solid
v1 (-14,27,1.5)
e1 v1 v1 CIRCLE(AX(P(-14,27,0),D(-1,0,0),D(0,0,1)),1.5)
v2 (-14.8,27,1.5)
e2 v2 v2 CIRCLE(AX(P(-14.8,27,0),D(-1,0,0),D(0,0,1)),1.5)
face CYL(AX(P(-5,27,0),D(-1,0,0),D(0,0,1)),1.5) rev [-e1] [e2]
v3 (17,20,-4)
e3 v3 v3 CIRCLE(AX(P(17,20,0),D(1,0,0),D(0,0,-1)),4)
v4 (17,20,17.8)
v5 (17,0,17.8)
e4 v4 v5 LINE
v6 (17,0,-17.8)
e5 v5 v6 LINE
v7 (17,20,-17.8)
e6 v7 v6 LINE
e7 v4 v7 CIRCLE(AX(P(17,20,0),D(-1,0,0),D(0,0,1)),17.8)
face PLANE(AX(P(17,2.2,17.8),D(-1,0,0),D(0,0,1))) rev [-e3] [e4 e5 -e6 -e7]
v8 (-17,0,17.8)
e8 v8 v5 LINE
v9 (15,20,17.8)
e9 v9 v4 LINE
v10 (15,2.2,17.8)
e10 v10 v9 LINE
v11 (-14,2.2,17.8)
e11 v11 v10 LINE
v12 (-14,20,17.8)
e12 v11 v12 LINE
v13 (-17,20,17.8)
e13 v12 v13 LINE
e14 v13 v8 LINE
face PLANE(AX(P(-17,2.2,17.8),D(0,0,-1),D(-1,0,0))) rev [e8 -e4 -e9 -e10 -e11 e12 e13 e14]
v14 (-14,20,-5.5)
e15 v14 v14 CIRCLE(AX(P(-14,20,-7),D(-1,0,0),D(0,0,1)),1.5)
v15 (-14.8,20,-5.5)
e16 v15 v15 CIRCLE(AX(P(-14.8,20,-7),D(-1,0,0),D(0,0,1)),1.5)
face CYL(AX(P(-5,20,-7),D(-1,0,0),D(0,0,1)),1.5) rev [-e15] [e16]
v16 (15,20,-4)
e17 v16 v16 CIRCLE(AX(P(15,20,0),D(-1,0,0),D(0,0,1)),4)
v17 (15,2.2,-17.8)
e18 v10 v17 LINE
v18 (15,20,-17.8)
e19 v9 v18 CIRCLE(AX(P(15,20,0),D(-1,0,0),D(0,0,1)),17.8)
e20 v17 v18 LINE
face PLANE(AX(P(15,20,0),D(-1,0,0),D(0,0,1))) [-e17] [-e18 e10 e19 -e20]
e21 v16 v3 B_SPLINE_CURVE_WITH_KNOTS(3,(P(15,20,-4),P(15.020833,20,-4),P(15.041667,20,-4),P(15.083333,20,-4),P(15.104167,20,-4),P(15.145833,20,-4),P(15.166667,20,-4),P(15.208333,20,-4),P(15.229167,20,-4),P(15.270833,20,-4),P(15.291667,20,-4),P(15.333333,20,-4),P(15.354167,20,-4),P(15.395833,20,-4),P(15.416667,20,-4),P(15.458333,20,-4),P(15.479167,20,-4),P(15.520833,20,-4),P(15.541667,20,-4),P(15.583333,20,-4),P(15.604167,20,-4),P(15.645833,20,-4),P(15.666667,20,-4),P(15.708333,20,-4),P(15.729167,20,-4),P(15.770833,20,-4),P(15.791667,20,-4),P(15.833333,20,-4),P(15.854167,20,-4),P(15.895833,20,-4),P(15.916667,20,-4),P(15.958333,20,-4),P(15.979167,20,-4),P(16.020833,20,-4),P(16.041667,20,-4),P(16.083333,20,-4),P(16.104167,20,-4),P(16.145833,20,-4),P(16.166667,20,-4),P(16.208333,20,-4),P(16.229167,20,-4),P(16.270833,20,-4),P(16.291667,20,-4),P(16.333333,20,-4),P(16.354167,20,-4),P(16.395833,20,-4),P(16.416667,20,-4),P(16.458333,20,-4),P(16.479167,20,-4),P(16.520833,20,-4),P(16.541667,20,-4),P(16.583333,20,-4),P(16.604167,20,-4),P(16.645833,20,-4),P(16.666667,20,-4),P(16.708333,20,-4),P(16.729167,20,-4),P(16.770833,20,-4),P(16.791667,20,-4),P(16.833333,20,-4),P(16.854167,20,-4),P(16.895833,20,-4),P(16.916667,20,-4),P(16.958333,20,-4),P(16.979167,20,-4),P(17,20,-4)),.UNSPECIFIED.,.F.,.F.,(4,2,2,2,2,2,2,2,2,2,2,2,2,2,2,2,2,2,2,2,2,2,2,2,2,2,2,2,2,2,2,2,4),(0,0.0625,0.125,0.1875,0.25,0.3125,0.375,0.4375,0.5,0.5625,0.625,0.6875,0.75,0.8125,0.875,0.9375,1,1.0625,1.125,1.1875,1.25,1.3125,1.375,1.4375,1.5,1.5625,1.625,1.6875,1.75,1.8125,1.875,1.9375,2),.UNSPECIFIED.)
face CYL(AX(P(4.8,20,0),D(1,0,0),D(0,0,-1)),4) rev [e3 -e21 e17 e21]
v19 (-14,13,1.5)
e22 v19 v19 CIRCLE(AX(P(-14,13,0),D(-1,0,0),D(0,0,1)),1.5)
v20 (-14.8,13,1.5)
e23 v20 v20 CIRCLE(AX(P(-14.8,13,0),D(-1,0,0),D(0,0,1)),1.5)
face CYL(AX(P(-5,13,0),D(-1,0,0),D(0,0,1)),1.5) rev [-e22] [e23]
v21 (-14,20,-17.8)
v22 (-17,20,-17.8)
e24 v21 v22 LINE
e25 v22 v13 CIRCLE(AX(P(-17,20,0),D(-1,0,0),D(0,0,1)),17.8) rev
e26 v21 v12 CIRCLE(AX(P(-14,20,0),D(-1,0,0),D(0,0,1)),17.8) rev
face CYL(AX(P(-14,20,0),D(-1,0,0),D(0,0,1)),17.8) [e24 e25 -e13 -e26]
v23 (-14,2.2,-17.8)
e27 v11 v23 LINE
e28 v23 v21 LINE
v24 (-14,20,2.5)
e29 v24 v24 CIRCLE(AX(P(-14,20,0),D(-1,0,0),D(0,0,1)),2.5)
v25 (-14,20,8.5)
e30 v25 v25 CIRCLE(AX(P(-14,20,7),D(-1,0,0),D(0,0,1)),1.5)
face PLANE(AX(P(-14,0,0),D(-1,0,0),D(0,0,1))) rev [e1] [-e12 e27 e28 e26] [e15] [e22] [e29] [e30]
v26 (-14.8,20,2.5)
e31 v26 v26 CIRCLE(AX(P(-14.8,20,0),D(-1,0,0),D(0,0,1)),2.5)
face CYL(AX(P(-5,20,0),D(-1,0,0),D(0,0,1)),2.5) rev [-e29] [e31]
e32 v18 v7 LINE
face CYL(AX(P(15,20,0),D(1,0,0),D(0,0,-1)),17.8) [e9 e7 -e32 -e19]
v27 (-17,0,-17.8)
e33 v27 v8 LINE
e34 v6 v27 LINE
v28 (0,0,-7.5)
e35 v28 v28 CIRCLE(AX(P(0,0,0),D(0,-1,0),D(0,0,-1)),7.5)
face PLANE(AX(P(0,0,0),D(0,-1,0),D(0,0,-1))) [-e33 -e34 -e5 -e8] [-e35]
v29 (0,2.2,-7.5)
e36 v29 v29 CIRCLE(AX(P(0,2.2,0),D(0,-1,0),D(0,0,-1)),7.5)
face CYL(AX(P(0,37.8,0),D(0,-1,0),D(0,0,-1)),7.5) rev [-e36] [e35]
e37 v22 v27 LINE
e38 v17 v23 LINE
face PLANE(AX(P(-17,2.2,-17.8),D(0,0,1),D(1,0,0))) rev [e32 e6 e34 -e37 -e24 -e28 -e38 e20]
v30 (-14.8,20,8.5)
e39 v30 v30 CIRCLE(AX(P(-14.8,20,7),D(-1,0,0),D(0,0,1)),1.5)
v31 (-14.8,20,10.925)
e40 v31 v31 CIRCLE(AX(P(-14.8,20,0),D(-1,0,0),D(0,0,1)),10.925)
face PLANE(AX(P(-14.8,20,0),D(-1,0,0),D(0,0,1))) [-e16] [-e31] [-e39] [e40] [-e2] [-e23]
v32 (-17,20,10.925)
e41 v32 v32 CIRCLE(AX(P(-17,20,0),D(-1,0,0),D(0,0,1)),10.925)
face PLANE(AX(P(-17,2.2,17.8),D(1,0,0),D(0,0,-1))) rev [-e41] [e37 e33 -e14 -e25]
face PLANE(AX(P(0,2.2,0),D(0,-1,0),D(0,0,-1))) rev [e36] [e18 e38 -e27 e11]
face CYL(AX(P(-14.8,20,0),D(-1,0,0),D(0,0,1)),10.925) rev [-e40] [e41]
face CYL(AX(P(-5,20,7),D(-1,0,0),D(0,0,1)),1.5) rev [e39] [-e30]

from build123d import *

# Parameters (mm, degrees)
SKETCH1_W               = 34
SKETCH1_H               = 35.6
BOSS_EXTRUDE1_DEPTH     = 2.2
BOSS_EXTRUDE2_DEPTH     = 3
BOSS_EXTRUDE3_START     = -32
BOSS_EXTRUDE3_DEPTH     = 2
SKETCH4_R               = 2.5
SKETCH4_R_2             = 1.5
CUT_EXTRUDE1_DEPTH      = 12
SKETCH4_3_R             = 10.925
SKETCH4_3_R_2           = 1.5
SKETCH4_3_R_3           = 2.5
CUT_EXTRUDE2_DEPTH      = 2.2
SKETCH5_R               = 4
CUT_EXTRUDE3_DEPTH      = 12.2
CUT_EXTRUDE4_DEPTH      = 46.107427326
CUT_EXTRUDE4_DEPTH_BACK = 46.107427326
SKETCH6_R               = 7.5


with BuildPart() as part:
    # Sketch1 → Boss-Extrude1 (new body)
    with BuildSketch(Plane(origin=(0, 0, 0), x_dir=(1, 0, 0), z_dir=(0, 1, 0))):
        Rectangle(SKETCH1_W, SKETCH1_H)
    extrude(amount=BOSS_EXTRUDE1_DEPTH)

    # Sketch3 → Boss-Extrude2 (add)
    with BuildSketch(Plane.ZY.offset(17)):
        with BuildLine():
            Line((0, 37.8), (0, 2.2))
            Line((0, 2.2), (17.8, 2.2))
            Line((17.8, 2.2), (17.8, 20))
            ThreePointArc((17.8, 20), (12.586500705, 32.586500705), (0, 37.8))
        make_face()
        with BuildLine():
            Line((-17.8, 2.2), (0, 2.2))
            Line((0, 2.2), (0, 37.8))
            ThreePointArc((0, 37.8), (-12.586500705, 32.586500705), (-17.8, 20))
            Line((-17.8, 20), (-17.8, 2.2))
        make_face()
    extrude(amount=-BOSS_EXTRUDE2_DEPTH)

    # Sketch3<4> → Boss-Extrude3 (add)
    with BuildSketch(Plane.ZY.offset(17).offset(BOSS_EXTRUDE3_START)):
        with BuildLine():
            Line((-17.8, 2.2), (0, 2.2))
            Line((0, 2.2), (0, 37.8))
            ThreePointArc((0, 37.8), (-12.586500705, 32.586500705), (-17.8, 20))
            Line((-17.8, 20), (-17.8, 2.2))
        make_face()
        with BuildLine():
            Line((0, 37.8), (0, 2.2))
            Line((0, 2.2), (17.8, 2.2))
            Line((17.8, 2.2), (17.8, 20))
            ThreePointArc((17.8, 20), (12.586500705, 32.586500705), (0, 37.8))
        make_face()
    extrude(amount=-BOSS_EXTRUDE3_DEPTH)

    # Sketch4 → Cut-Extrude1 (cut)
    with BuildSketch(Plane.ZY.offset(17)):
        with Locations((0, 20)):
            Circle(SKETCH4_R)
        with Locations((7, 20)):
            Circle(SKETCH4_R_2)
        with Locations((0, 27)):
            Circle(SKETCH4_R_2)
        with Locations((-7, 20)):
            Circle(SKETCH4_R_2)
        with Locations((0, 13)):
            Circle(SKETCH4_R_2)
    extrude(amount=-CUT_EXTRUDE1_DEPTH, mode=Mode.SUBTRACT)

    # Sketch4<3> → Cut-Extrude2 (cut)
    with BuildSketch(Plane.ZY.offset(17)):
        with Locations((0, 20)):
            Circle(SKETCH4_3_R)
        with Locations((0, 27)):
            Circle(SKETCH4_3_R_2, mode=Mode.SUBTRACT)
        with Locations((0, 13)):
            Circle(SKETCH4_3_R_2, mode=Mode.SUBTRACT)
        with Locations((-7, 20)):
            Circle(SKETCH4_3_R_2, mode=Mode.SUBTRACT)
        with Locations((7, 20)):
            Circle(SKETCH4_3_R_2, mode=Mode.SUBTRACT)
        with Locations((0, 20)):
            Circle(SKETCH4_3_R_3, mode=Mode.SUBTRACT)
    extrude(amount=-CUT_EXTRUDE2_DEPTH, mode=Mode.SUBTRACT)

    # Sketch5 → Cut-Extrude3 (cut)
    with BuildSketch(Plane(origin=(17, 0, 0), x_dir=(0, 0, -1), z_dir=(1, 0, 0))):
        with Locations((0, 20)):
            Circle(SKETCH5_R)
    extrude(amount=-CUT_EXTRUDE3_DEPTH, mode=Mode.SUBTRACT)

    # Sketch6 → Cut-Extrude4 (cut, two sides: drawn at the far end of the back side and taken through both)
    with BuildSketch(Plane.XZ.offset(-CUT_EXTRUDE4_DEPTH_BACK)):
        with Locations(Location((0, 0, 0), (0, 0, 270))):
            Circle(SKETCH6_R)
    extrude(amount=CUT_EXTRUDE4_DEPTH + CUT_EXTRUDE4_DEPTH_BACK, mode=Mode.SUBTRACT)


solid = part.part
